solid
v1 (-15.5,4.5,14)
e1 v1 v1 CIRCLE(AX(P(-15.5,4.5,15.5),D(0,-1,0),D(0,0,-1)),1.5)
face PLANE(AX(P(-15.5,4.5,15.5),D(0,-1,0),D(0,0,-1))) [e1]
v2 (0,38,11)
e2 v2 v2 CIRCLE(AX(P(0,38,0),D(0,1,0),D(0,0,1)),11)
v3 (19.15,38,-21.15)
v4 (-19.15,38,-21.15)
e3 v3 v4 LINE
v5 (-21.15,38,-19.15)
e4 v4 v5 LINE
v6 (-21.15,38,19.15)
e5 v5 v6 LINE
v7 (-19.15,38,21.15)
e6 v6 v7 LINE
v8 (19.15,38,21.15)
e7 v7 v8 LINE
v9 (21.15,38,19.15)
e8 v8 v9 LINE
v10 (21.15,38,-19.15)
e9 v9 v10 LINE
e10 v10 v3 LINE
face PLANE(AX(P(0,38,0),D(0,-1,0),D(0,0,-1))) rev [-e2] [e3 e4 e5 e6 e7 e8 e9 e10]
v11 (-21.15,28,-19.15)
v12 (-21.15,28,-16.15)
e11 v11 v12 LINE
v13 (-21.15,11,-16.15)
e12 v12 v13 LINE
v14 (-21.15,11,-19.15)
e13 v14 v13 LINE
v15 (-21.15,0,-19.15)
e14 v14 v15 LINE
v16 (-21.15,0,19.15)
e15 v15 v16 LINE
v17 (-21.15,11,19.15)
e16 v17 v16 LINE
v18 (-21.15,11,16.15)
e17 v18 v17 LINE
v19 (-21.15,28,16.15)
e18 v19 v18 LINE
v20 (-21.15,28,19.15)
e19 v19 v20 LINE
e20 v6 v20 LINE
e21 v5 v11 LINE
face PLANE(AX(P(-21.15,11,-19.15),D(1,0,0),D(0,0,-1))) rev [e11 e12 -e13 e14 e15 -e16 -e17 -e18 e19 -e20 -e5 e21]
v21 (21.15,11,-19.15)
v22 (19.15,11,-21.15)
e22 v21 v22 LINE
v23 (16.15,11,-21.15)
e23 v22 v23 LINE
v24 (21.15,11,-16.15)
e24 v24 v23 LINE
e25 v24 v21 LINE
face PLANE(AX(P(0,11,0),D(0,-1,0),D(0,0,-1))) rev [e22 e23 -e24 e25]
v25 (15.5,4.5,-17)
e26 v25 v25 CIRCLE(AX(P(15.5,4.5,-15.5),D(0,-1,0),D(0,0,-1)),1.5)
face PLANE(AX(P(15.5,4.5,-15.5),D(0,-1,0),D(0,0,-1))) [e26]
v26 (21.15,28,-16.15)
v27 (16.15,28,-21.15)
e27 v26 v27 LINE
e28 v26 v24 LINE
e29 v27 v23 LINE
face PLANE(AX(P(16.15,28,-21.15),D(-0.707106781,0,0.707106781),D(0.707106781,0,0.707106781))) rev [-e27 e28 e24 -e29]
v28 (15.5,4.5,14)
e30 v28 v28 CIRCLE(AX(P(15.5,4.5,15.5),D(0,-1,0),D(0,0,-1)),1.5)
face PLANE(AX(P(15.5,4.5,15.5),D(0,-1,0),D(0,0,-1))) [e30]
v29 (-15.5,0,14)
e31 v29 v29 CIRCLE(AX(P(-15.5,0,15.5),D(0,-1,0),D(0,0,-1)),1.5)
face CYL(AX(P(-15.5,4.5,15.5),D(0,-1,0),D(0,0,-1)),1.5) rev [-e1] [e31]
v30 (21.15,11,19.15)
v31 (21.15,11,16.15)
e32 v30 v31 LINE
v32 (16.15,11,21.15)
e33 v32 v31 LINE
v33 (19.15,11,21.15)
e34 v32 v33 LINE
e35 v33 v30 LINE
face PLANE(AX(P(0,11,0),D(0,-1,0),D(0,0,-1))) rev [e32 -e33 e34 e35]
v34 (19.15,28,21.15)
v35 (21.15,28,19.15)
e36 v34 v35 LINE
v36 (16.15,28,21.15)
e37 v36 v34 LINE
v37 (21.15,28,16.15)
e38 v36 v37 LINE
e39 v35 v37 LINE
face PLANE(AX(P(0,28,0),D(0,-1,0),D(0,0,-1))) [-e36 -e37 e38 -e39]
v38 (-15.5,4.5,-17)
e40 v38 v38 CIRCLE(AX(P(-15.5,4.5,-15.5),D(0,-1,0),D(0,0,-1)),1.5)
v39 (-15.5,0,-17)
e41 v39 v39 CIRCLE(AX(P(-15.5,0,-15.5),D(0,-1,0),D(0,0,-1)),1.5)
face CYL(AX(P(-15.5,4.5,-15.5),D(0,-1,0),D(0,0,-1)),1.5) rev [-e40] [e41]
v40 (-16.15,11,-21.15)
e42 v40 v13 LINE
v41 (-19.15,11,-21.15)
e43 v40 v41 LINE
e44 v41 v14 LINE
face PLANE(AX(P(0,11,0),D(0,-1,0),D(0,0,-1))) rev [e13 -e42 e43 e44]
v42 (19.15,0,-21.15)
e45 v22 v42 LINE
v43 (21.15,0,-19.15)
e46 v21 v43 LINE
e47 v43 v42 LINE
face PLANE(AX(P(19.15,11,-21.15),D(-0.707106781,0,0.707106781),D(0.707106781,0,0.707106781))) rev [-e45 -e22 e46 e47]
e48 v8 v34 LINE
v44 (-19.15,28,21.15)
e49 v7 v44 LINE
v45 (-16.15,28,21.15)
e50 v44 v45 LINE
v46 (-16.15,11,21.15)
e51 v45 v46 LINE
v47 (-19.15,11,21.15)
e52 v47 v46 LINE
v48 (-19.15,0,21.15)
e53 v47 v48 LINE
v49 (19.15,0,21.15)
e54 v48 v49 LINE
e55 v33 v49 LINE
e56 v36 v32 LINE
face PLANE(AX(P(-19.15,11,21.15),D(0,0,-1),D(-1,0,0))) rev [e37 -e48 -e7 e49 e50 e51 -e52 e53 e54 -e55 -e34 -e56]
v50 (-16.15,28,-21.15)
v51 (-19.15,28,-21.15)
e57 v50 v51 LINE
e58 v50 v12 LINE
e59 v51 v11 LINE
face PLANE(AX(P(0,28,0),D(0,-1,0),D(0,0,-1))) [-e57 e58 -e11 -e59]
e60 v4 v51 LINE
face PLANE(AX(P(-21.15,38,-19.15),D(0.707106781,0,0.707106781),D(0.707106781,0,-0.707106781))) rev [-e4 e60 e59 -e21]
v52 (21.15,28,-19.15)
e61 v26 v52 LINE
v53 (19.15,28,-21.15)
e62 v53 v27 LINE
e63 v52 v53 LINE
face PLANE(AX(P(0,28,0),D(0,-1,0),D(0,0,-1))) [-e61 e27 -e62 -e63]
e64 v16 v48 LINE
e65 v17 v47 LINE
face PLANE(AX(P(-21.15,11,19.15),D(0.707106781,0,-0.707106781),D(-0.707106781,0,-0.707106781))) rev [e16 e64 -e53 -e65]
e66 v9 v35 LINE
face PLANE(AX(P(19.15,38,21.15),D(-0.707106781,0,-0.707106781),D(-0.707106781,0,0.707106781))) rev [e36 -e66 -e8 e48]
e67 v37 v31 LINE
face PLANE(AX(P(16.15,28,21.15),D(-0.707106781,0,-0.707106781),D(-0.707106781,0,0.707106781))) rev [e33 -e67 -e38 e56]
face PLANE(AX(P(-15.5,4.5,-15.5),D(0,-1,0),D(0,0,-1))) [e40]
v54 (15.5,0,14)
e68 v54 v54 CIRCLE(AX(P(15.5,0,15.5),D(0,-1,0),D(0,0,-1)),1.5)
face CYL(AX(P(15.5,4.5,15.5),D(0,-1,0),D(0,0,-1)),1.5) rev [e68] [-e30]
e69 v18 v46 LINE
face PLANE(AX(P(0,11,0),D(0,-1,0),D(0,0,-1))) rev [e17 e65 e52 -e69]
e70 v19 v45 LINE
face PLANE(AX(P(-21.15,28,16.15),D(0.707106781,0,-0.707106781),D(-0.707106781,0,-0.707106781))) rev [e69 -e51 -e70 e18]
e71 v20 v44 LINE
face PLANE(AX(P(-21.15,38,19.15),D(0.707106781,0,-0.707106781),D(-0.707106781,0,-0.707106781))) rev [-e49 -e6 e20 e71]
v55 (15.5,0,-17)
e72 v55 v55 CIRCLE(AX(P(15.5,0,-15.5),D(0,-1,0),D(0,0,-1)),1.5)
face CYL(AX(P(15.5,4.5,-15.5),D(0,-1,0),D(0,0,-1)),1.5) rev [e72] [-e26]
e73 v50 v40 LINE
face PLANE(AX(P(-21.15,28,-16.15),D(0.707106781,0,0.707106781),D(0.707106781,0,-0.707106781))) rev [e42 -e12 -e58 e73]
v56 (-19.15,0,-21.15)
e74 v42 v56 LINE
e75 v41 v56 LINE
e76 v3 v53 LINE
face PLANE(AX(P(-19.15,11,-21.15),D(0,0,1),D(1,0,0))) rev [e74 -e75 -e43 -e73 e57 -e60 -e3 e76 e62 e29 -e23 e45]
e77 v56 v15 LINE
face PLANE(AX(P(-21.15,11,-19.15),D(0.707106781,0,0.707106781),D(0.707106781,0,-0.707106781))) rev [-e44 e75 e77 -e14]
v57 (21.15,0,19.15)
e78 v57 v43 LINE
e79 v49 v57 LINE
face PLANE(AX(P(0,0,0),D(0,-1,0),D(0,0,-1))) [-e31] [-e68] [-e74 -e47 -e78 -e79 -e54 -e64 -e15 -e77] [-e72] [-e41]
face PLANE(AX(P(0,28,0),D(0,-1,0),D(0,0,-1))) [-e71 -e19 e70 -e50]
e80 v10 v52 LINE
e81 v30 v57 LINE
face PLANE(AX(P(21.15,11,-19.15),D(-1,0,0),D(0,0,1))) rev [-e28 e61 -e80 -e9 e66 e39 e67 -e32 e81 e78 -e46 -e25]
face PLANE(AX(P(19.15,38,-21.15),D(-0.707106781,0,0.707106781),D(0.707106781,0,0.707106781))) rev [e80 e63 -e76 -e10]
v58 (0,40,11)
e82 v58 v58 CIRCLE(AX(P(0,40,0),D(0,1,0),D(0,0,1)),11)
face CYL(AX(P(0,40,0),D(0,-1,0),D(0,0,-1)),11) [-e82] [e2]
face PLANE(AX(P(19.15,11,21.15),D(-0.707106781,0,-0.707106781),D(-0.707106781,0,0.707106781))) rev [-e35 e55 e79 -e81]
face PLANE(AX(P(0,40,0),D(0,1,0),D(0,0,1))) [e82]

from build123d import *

# Parameters (mm, degrees)
BOSS_EXTRUDE1_DEPTH = 11
BOSS_EXTRUDE2_DEPTH = 17
BOSS_EXTRUDE3_DEPTH = 10
SKETCH4_R           = 11
BOSS_EXTRUDE4_DEPTH = 2
SKETCH8_R           = 1.5
CUT_EXTRUDE2_DEPTH  = 4.5


with BuildPart() as part:
    # Sketch1 → Boss-Extrude1 (new body)
    with BuildSketch(Plane(origin=(0, 0, 0), x_dir=(1, 0, 0), z_dir=(0, 1, 0))):
        Polygon((19.15, -21.15), (21.15, -19.15), (21.15, 19.15), (19.15, 21.15), (-19.15, 21.15), (-21.15, 19.15), (-21.15, -19.15), (-19.15, -21.15), align=None)
    extrude(amount=BOSS_EXTRUDE1_DEPTH)

    # Sketch2 → Boss-Extrude2 (add)
    with BuildSketch(Plane(origin=(0, 11, 0), x_dir=(1, 0, 0), z_dir=(0, 1, 0))):
        Polygon((16.15, -21.15), (21.15, -16.15), (21.15, 16.15), (16.15, 21.15), (-16.15, 21.15), (-21.15, 16.15), (-21.15, -16.15), (-16.15, -21.15), align=None)
    extrude(amount=BOSS_EXTRUDE2_DEPTH)

    # Sketch3 → Boss-Extrude3 (add)
    with BuildSketch(Plane(origin=(0, 28, 0), x_dir=(1, 0, 0), z_dir=(0, 1, 0))):
        Polygon((19.15, -21.15), (21.15, -19.15), (21.15, 19.15), (19.15, 21.15), (-19.15, 21.15), (-21.15, 19.15), (-21.15, -19.15), (-19.15, -21.15), align=None)
    extrude(amount=BOSS_EXTRUDE3_DEPTH)

    # Sketch4 → Boss-Extrude4 (add)
    with BuildSketch(Plane(origin=(0, 38, 0), x_dir=(1, 0, 0), z_dir=(0, 1, 0))):
        with Locations(Location((0, 0, 0), (0, 0, 270))):
            Circle(SKETCH4_R)
    extrude(amount=BOSS_EXTRUDE4_DEPTH)

    # Sketch8 → Cut-Extrude2 (cut)
    with BuildSketch(Plane.XZ):
        with Locations(Location((-15.5, 15.5, 0), (0, 0, 270))):
            Circle(SKETCH8_R)
        with Locations(Location((15.5, 15.5, 0), (0, 0, 270))):
            Circle(SKETCH8_R)
        with Locations(Location((15.5, -15.5, 0), (0, 0, 270))):
            Circle(SKETCH8_R)
        with Locations(Location((-15.5, -15.5, 0), (0, 0, 270))):
            Circle(SKETCH8_R)
    extrude(amount=-CUT_EXTRUDE2_DEPTH, mode=Mode.SUBTRACT)


solid = part.part
